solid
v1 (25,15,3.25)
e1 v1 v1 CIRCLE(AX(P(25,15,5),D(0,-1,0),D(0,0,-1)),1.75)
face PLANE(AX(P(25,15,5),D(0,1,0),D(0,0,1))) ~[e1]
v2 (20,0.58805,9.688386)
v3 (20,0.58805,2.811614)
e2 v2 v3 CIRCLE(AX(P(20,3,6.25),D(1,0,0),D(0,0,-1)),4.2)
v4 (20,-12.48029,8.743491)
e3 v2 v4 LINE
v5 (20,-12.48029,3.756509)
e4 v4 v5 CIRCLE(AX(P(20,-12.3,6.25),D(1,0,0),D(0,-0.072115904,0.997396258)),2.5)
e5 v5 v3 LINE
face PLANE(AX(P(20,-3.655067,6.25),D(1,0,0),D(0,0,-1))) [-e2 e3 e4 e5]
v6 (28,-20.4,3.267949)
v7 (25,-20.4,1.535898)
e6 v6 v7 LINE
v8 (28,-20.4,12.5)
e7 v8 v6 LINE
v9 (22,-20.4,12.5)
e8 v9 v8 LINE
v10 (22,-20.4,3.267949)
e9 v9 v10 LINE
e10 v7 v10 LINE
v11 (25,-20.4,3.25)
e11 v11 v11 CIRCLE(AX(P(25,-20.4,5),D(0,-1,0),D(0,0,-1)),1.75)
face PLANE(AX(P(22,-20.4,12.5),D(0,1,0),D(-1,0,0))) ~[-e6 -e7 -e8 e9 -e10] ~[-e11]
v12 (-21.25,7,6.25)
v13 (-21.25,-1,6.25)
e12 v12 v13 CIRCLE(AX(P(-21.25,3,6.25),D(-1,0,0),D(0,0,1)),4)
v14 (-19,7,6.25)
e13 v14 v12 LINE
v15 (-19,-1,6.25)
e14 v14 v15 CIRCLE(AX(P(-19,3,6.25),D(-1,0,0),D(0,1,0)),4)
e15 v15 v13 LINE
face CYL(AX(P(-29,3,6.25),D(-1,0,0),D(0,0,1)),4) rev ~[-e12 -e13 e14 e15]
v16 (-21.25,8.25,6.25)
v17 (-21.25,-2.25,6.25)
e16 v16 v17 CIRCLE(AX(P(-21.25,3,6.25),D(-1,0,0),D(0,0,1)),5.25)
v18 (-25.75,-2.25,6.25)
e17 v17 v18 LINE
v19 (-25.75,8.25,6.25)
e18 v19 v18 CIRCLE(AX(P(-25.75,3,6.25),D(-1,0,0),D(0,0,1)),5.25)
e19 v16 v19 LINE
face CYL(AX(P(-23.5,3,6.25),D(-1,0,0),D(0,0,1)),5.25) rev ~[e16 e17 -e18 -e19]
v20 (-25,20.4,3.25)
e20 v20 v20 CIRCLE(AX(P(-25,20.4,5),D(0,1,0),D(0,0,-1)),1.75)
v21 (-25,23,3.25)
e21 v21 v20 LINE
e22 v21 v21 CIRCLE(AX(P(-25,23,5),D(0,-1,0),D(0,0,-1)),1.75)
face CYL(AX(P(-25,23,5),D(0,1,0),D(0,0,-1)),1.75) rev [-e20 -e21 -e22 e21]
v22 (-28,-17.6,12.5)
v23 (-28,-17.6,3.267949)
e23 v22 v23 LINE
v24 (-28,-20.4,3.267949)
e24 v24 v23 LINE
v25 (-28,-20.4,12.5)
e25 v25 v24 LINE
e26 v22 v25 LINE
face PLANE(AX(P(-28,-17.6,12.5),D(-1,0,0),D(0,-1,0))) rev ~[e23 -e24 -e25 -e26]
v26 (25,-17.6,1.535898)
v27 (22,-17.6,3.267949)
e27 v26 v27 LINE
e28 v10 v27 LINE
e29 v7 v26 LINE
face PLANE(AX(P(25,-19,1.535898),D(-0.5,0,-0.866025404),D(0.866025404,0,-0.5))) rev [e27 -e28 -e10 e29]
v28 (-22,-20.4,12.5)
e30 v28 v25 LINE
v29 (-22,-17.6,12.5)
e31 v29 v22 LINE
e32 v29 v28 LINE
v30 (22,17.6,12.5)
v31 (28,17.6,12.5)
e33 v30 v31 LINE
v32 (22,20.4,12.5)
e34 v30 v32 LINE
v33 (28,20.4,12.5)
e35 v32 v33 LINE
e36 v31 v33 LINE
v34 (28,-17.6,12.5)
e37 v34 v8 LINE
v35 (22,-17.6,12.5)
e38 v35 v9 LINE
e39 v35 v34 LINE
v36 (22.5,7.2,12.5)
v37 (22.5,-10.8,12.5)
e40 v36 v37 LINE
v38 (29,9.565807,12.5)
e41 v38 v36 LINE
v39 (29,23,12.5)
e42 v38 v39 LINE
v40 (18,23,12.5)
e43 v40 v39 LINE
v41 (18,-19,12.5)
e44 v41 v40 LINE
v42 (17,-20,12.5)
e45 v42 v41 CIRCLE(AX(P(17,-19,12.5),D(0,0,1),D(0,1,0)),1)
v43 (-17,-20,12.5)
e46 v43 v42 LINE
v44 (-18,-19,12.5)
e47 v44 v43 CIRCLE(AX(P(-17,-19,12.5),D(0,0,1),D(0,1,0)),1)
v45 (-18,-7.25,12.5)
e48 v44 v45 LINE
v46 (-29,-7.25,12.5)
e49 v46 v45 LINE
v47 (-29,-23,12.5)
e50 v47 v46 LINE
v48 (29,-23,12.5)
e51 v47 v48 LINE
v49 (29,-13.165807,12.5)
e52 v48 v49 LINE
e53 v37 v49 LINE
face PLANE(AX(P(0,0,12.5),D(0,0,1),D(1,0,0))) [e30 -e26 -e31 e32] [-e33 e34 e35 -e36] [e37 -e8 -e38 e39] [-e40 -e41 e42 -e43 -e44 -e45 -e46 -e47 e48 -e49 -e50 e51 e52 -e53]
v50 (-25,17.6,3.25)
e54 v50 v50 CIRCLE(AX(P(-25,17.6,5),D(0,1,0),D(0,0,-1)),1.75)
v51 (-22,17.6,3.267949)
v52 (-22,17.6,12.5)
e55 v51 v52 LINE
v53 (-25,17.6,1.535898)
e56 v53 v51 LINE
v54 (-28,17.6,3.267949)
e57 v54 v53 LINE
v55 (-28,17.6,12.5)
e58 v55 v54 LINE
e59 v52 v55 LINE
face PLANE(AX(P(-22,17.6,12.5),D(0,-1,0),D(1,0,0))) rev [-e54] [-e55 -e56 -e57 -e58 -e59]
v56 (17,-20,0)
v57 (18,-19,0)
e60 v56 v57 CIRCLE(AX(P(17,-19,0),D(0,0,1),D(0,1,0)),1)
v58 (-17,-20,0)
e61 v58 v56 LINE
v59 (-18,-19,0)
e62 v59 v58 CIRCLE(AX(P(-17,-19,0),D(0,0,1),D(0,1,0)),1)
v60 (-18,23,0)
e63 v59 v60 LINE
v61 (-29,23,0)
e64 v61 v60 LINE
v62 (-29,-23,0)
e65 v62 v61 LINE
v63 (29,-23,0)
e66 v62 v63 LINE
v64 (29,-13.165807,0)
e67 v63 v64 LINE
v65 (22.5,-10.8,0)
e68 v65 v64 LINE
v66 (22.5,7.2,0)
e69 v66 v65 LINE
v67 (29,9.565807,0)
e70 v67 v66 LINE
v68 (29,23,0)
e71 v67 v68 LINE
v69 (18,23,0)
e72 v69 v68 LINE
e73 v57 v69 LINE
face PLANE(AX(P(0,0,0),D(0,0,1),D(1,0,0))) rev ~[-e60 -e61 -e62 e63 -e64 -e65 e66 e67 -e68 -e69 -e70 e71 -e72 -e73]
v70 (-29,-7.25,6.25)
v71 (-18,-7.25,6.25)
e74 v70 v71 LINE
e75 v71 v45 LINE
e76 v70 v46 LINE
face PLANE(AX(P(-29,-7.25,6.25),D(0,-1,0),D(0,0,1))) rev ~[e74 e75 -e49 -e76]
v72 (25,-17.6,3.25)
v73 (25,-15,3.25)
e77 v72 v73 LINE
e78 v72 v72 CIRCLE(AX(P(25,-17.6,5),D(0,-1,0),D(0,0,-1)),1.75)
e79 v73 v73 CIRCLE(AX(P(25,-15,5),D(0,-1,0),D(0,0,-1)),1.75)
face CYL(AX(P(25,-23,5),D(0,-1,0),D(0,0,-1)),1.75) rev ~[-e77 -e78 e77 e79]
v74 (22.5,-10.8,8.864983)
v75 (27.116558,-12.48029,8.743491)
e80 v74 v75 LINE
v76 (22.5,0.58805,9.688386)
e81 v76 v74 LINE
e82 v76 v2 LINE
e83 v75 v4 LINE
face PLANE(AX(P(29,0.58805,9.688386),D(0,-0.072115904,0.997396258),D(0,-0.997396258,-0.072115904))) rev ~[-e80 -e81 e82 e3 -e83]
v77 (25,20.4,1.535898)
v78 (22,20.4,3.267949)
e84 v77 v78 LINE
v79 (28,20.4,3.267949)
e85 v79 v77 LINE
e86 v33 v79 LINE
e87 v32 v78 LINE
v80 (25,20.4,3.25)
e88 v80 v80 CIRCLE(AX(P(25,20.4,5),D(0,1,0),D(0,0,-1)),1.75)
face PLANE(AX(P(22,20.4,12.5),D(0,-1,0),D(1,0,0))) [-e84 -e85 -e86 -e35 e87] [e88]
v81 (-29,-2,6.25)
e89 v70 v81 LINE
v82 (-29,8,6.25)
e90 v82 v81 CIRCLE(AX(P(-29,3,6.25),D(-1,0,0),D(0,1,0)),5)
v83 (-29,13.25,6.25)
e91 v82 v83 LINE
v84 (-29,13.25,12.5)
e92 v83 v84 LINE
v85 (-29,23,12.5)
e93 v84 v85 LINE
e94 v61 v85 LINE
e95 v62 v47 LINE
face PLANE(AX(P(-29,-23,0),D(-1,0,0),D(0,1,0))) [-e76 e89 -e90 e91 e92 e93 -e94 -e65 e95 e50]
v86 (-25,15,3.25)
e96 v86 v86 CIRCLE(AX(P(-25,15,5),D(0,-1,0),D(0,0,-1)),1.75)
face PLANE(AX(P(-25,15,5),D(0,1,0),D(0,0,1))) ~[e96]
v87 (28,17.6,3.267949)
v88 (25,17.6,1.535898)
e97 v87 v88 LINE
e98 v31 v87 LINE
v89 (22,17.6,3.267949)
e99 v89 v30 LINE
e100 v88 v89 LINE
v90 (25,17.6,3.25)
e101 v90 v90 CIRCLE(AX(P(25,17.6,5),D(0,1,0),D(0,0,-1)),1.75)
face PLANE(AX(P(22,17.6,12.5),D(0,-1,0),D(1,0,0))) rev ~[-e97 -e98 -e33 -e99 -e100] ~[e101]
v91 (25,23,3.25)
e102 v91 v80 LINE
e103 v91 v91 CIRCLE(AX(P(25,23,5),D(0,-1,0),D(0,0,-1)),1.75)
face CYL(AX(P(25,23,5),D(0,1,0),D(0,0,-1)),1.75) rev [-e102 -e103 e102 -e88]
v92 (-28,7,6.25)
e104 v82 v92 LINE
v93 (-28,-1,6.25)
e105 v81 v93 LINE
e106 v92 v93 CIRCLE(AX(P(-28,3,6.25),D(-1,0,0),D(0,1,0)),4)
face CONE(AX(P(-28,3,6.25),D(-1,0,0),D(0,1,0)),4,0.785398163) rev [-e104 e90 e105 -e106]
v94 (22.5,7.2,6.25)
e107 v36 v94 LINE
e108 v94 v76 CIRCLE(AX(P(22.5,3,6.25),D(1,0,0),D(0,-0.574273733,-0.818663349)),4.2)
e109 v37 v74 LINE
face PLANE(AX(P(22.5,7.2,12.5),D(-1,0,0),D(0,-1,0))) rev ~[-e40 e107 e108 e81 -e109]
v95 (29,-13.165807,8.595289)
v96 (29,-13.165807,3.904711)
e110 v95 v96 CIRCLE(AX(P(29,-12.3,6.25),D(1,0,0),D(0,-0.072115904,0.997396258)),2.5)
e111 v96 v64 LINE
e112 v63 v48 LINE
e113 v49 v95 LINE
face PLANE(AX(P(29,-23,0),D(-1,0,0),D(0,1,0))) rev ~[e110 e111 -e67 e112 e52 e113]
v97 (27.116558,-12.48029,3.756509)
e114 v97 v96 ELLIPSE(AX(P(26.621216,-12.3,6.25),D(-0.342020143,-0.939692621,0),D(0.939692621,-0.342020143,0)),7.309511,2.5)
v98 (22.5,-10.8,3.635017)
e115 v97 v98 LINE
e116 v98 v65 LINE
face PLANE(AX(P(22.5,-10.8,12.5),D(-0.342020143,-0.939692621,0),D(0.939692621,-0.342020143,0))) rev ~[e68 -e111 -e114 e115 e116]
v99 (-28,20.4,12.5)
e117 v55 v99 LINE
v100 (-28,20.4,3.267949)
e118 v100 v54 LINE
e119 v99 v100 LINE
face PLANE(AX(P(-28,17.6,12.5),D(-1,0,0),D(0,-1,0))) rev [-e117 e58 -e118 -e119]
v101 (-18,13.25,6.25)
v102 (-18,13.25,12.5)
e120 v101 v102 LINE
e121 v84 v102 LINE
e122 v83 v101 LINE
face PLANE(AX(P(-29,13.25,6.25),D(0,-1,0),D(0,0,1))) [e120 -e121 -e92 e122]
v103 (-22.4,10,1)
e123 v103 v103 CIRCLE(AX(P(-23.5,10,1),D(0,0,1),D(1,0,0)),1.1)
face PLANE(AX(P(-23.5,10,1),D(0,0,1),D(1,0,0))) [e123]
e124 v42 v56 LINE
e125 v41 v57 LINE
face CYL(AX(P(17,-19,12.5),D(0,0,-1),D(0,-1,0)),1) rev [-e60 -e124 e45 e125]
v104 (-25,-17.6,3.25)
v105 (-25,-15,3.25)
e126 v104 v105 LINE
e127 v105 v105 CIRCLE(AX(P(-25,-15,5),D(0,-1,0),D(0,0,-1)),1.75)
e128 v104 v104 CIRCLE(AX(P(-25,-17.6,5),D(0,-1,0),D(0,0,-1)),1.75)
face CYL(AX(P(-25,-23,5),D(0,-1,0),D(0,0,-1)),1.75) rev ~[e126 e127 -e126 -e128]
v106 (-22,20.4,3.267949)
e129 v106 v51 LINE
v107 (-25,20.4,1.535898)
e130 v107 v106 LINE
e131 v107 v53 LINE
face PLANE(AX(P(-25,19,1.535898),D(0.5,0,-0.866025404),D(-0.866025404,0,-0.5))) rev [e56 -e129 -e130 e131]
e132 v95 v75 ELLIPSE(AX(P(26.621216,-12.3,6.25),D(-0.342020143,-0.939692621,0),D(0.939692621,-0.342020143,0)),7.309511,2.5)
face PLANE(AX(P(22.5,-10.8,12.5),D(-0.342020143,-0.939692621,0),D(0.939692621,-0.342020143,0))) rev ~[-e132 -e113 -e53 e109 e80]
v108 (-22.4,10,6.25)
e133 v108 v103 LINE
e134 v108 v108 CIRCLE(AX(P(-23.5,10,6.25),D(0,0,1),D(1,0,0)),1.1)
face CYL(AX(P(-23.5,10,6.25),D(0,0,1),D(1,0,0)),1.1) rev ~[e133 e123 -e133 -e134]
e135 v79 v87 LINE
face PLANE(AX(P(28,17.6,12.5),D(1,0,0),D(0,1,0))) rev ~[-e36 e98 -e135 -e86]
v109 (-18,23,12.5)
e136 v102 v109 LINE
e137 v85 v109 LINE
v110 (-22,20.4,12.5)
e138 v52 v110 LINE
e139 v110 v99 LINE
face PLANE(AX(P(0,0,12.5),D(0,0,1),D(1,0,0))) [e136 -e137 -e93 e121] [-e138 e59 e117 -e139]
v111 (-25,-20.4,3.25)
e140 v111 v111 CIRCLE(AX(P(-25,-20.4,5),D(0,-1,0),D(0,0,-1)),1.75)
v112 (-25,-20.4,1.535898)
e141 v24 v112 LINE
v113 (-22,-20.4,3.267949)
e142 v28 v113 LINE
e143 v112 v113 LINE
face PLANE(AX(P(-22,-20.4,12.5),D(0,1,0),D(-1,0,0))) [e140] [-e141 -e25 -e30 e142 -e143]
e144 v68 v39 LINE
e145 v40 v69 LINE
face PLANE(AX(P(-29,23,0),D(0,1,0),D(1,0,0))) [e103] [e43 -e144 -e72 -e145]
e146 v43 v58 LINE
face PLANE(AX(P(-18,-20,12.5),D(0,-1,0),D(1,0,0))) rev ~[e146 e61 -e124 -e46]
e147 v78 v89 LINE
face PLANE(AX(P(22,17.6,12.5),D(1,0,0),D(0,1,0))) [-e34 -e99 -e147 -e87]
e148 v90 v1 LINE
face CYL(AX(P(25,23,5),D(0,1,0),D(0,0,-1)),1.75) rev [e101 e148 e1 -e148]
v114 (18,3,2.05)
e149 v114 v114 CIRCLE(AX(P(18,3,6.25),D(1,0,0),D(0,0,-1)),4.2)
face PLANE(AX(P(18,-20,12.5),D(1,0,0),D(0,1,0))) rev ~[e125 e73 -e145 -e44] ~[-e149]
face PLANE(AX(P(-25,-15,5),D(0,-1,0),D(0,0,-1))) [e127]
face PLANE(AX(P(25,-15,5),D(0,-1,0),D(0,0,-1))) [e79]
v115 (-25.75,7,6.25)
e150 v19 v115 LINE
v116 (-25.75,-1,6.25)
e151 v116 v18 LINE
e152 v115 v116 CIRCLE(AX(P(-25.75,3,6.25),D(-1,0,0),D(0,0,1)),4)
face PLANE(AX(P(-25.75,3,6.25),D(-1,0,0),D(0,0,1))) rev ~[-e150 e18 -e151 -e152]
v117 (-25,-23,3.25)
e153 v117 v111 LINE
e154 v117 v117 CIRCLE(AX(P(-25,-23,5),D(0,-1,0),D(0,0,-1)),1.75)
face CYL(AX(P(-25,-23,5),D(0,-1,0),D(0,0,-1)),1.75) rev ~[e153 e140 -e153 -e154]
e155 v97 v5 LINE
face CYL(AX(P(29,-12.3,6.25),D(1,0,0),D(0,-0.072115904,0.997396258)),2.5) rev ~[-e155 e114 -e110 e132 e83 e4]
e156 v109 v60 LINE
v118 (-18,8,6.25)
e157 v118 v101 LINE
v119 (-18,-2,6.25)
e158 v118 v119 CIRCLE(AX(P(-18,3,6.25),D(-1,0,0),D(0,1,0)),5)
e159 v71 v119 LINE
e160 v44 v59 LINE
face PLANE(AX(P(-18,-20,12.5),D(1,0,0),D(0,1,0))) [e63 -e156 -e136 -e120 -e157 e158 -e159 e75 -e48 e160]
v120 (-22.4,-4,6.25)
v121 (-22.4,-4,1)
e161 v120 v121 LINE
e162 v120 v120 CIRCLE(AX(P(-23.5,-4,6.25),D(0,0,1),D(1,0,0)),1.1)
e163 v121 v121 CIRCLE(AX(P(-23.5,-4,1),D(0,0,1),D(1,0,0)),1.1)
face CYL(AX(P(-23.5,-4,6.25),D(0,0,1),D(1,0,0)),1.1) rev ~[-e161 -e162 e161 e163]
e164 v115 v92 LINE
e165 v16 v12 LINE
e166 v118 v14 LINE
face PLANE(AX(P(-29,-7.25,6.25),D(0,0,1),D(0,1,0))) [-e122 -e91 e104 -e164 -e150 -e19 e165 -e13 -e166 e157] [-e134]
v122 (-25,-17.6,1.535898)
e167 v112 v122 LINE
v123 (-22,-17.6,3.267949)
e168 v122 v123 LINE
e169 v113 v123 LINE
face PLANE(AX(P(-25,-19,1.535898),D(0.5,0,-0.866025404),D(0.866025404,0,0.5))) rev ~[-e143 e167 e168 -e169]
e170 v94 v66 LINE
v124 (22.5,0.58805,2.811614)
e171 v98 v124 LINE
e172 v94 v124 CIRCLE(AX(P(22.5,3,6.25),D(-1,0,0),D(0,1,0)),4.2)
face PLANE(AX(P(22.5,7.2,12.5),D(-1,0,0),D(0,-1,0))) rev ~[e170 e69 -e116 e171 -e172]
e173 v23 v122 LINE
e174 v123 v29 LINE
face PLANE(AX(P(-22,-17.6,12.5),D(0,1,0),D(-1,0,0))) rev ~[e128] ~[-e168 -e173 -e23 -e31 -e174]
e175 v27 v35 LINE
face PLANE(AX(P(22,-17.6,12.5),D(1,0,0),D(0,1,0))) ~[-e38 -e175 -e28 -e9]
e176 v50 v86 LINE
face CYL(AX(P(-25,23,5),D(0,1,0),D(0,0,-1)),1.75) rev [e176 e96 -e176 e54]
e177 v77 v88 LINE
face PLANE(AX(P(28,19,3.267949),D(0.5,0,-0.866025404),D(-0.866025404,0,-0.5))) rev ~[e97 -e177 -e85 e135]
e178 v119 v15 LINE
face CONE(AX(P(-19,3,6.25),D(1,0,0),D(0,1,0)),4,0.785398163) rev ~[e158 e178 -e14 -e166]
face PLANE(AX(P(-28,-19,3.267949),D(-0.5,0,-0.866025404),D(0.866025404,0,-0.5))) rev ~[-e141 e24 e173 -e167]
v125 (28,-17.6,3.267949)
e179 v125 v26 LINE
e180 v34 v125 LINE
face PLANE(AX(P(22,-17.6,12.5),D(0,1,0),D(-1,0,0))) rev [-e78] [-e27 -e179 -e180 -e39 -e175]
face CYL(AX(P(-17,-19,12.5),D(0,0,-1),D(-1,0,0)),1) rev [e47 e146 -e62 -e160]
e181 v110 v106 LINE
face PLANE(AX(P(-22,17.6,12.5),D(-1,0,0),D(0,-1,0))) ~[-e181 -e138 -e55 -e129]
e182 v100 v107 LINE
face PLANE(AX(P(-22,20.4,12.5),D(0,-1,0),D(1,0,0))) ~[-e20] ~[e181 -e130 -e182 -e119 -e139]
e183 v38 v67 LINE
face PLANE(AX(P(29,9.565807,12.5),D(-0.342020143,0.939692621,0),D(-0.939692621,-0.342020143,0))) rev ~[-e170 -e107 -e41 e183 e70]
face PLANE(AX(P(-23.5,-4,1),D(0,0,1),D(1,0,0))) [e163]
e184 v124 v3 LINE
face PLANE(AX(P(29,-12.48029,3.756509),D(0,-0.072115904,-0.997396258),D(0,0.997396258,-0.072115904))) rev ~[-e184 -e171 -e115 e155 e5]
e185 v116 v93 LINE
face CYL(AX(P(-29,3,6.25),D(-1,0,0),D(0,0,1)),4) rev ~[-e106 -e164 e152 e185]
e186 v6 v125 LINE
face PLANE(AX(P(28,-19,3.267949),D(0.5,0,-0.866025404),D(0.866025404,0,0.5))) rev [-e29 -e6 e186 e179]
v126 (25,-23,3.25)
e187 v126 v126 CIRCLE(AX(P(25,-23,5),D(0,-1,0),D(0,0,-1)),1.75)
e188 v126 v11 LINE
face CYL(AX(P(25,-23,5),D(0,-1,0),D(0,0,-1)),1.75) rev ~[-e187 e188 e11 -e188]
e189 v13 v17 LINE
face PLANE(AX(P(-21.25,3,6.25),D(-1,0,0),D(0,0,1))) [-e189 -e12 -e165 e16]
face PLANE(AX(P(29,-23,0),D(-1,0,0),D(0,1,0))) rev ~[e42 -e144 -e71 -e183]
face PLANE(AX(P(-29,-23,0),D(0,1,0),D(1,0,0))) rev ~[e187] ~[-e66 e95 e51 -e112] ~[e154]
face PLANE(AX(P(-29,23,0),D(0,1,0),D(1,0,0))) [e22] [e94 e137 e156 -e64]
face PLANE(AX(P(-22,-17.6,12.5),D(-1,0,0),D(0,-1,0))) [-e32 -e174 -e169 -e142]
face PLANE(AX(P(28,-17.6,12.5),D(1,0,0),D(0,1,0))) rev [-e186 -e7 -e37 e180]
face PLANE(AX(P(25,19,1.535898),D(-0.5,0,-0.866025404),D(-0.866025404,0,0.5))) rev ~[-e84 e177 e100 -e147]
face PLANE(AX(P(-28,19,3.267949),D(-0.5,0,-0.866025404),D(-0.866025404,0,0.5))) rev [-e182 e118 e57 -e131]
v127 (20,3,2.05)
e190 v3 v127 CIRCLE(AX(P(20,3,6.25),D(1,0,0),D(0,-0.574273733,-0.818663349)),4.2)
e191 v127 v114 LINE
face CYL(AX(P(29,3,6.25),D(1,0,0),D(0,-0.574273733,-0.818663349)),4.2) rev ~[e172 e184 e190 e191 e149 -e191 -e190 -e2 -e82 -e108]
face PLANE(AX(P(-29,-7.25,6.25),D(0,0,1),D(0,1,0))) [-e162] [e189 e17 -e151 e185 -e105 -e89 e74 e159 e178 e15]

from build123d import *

# Parameters (mm, degrees)
SKETCH_1_W               = 58
SKETCH_1_H               = 46
EXTRUDE_509_DEPTH        = 12.5
SKETCH_3_W               = 36
SKETCH_3_H               = 46
CUT_EXTRUDE_752_DEPTH    = 40.067249711
SKETCH_11_R              = 1.75
CUT_EXTRUDE_1006_DEPTH   = 8
CUT_EXTRUDE_1504_DEPTH   = 9
CUT_EXTRUDE_1848_REACH   = 65.634
SKETCH_4_R               = 4.2
SKETCH_6_R               = 4
CUT_EXTRUDE_1985_DEPTH   = 11
SKETCH_7_W               = 6.25
SKETCH_7_H               = 20.5
CUT_EXTRUDE_2184_DEPTH   = 11
SKETCH_8_R               = 5.25
CUT_EXTRUDE_2361_DEPTH   = 2.25
SKETCH_9_R               = 1.1
CUT_EXTRUDE_2719_DEPTH   = 5.25
CUT_EXTRUDE_3116_DEPTH   = 40.067249711
CHAMFER_1_SIZE           = 1
FILLET_1_R               = 1
CUT_EXTRUDE_START        = -4
CUT_EXTRUDE_6414_DEPTH   = 1.4
CUT_EXTRUDE_6952_REACH   = 65.634
SKETCH_18_W              = 6
SKETCH_18_H              = 2.8
MIRROR_START             = -4
MIRROR_2_COPY_1_DEPTH    = 1.4
MIRROR_2_COPY_2_REACH    = 65.634
MIRROR_2_COPY_2_SKETCH_W = 6
MIRROR_2_COPY_2_SKETCH_H = 2.8


with BuildPart() as part:
    # Эскиз1 → Extrude 509 (new body)
    with BuildSketch(Plane.XY):
        Rectangle(SKETCH_1_W, SKETCH_1_H)
    extrude(amount=EXTRUDE_509_DEPTH)

    # Эскиз3 → Cut-Extrude 752 (cut, through all)
    with BuildSketch(Plane.XY.offset(12.5)):
        with Locations((0, 3)):
            Rectangle(SKETCH_3_W, SKETCH_3_H)
    extrude(amount=-CUT_EXTRUDE_752_DEPTH, mode=Mode.SUBTRACT)

    # Эскиз11 → Cut-Extrude 1006 (cut)
    with BuildSketch(Plane.XZ.offset(23)):
        with Locations(Location((-25, 5, 0), (0, 0, 270))):
            Circle(SKETCH_11_R)
        with Locations(Location((25, 5, 0), (0, 0, 270))):
            Circle(SKETCH_11_R)
    cut_extrude_1006 = extrude(amount=-CUT_EXTRUDE_1006_DEPTH, mode=Mode.SUBTRACT)

    # Mirror 1050: Cut-Extrude 1006 across plane
    add(cut_extrude_1006.mirror(Plane.ZX), mode=Mode.SUBTRACT)

    # Эскиз5 → Cut-Extrude 1504 (cut)
    with BuildSketch(Plane(origin=(29, 0, 0), x_dir=(0, 0, -1), z_dir=(1, 0, 0))):
        with BuildLine():
            Line((-9.688386067, 0.588050321), (-8.743490646, -12.48028976))
            ThreePointArc((-8.743490646, -12.48028976), (-6.25, -14.8), (-3.756509354, -12.48028976))
            Line((-3.756509354, -12.48028976), (-2.811613933, 0.588050321))
            ThreePointArc((-2.811613933, 0.588050321), (-6.25, 7.2), (-9.688386067, 0.588050321))
        make_face()
    extrude(amount=-CUT_EXTRUDE_1504_DEPTH, mode=Mode.SUBTRACT)

    # Эскиз4 → Cut-Extrude 1848 (cut, up to next)
    with BuildSketch(Plane(origin=(29, 0, 0), x_dir=(0, 0, -1), z_dir=(1, 0, 0)), mode=Mode.PRIVATE) as cut_extrude_1848_sk1:
        with Locations((-6.25, 3)):
            Circle(SKETCH_4_R)
    cut_extrude_1848_tool1 = extrude(cut_extrude_1848_sk1.sketch, amount=-CUT_EXTRUDE_1848_REACH, mode=Mode.PRIVATE) & part.part
    add(cut_extrude_1848_tool1.solids().sort_by_distance((29, 3, 6.25))[0], mode=Mode.SUBTRACT)

    # Эскиз6 → Cut-Extrude 1985 (cut)
    with BuildSketch(Plane.ZY.offset(29)):
        with Locations((6.25, 3)):
            Circle(SKETCH_6_R)
    extrude(amount=-CUT_EXTRUDE_1985_DEPTH, mode=Mode.SUBTRACT)

    # Эскиз7 → Cut-Extrude 2184 (cut)
    with BuildSketch(Plane.ZY.offset(29)):
        with Locations((9.375, 3)):
            Rectangle(SKETCH_7_W, SKETCH_7_H)
    extrude(amount=-CUT_EXTRUDE_2184_DEPTH, mode=Mode.SUBTRACT)

    # Эскиз8 → Cut-Extrude 2361 (cut, symmetric)
    with BuildSketch(Plane.ZY.offset(23.5)):
        with Locations((6.25, 3)):
            Circle(SKETCH_8_R)
    extrude(amount=CUT_EXTRUDE_2361_DEPTH, both=True, mode=Mode.SUBTRACT)

    # Эскиз9 → Cut-Extrude 2719 (cut)
    with BuildSketch(Plane.XY.offset(6.25)):
        with Locations((-23.5, 10)):
            Circle(SKETCH_9_R)
        with Locations((-23.5, -4)):
            Circle(SKETCH_9_R)
    extrude(amount=-CUT_EXTRUDE_2719_DEPTH, mode=Mode.SUBTRACT)

    # Эскиз10 → Cut-Extrude 3116 (cut, through all)
    with BuildSketch(Plane.XY.offset(12.5)):
        Polygon((29, -13.165806523), (29, 9.565806523), (22.5, 7.2), (22.5, -10.8), align=None)
    extrude(amount=-CUT_EXTRUDE_3116_DEPTH, mode=Mode.SUBTRACT)

    # Фаска1
    chamfer_1_edges = [part.edges().sort_by_distance(p)[0] for p in [
        (-29, 3, 2.25),
        (-18, 3, 2.25),
    ]]
    chamfer(chamfer_1_edges, length=CHAMFER_1_SIZE)

    # Скругление1
    fillet_1_edges = [part.edges().sort_by_distance(p)[0] for p in [
        (-18, -20, 6.25),
        (18, -20, 6.25),
    ]]
    fillet(fillet_1_edges, radius=FILLET_1_R)

    # Эскиз17 → Cut-Extrude 6414 (cut, symmetric)
    with BuildSketch(Plane(origin=(0, 23, 0), x_dir=(1, 0, 0), z_dir=(0, 1, 0)).offset(CUT_EXTRUDE_START)):
        Polygon((22, -3.267949192), (22, -6.732050808), (25, -8.464101615), (28, -6.732050808), (28, -3.267949192), (25, -1.535898385), align=None)
    cut_extrude_6414 = extrude(amount=CUT_EXTRUDE_6414_DEPTH, both=True, mode=Mode.SUBTRACT)

    # Эскиз18 → Cut-Extrude 6952 (cut, up to next)
    with BuildSketch(Plane(origin=(29, 0, 12.5), x_dir=(1, 0, 0), z_dir=(0, 0, 1)), mode=Mode.PRIVATE) as cut_extrude_6952_sk1:
        with Locations((-4, 19)):
            Rectangle(SKETCH_18_W, SKETCH_18_H)
    cut_extrude_6952_tool1 = extrude(cut_extrude_6952_sk1.sketch, amount=-CUT_EXTRUDE_6952_REACH, mode=Mode.PRIVATE) & part.part
    cut_extrude_6952 = cut_extrude_6952_tool1.solids().sort_by_distance((25, 19, 12.5))[0]
    add(cut_extrude_6952, mode=Mode.SUBTRACT)

    # Зеркальное отражение1: Cut-Extrude 6414, Cut-Extrude 6952 across plane
    add(cut_extrude_6414.mirror(Plane(origin=(0, 0, 0), x_dir=(0, 0, 1), z_dir=(1, 0, 0))), mode=Mode.SUBTRACT)
    add(cut_extrude_6952.mirror(Plane(origin=(0, 0, 0), x_dir=(0, 0, 1), z_dir=(1, 0, 0))), mode=Mode.SUBTRACT)

    # Зеркальное отражение2: Cut-Extrude 6414, Cut-Extrude 6952 across plane
    add(cut_extrude_6414.mirror(Plane.ZX), mode=Mode.SUBTRACT)
    add(cut_extrude_6952.mirror(Plane.ZX), mode=Mode.SUBTRACT)

    # Зеркальное отражение2 copy 1 sketch → Зеркальное отражение2 copy 1 (cut, symmetric)
    with BuildSketch(Plane(origin=(0, -23, 0), x_dir=(-1, 0, 0), z_dir=(0, -1, 0)).offset(MIRROR_START)):
        Polygon((22, -3.267949192), (22, -6.732050808), (25, -8.464101615), (28, -6.732050808), (28, -3.267949192), (25, -1.535898385), align=None)
    extrude(amount=MIRROR_2_COPY_1_DEPTH, both=True, mode=Mode.SUBTRACT)

    # Зеркальное отражение2 copy 2 sketch → Зеркальное отражение2 copy 2 (cut, up to next)
    with BuildSketch(Plane(origin=(-29, 0, 12.5), x_dir=(-1, 0, 0), z_dir=(0, 0, 1)), mode=Mode.PRIVATE) as mirror_2_copy_2_sk1:
        with Locations((-4, 19)):
            Rectangle(MIRROR_2_COPY_2_SKETCH_W, MIRROR_2_COPY_2_SKETCH_H)
    mirror_2_copy_2_tool1 = extrude(mirror_2_copy_2_sk1.sketch, amount=-MIRROR_2_COPY_2_REACH, mode=Mode.PRIVATE) & part.part
    add(mirror_2_copy_2_tool1.solids().sort_by_distance((-25, -19, 12.5))[0], mode=Mode.SUBTRACT)


solid = part.part
